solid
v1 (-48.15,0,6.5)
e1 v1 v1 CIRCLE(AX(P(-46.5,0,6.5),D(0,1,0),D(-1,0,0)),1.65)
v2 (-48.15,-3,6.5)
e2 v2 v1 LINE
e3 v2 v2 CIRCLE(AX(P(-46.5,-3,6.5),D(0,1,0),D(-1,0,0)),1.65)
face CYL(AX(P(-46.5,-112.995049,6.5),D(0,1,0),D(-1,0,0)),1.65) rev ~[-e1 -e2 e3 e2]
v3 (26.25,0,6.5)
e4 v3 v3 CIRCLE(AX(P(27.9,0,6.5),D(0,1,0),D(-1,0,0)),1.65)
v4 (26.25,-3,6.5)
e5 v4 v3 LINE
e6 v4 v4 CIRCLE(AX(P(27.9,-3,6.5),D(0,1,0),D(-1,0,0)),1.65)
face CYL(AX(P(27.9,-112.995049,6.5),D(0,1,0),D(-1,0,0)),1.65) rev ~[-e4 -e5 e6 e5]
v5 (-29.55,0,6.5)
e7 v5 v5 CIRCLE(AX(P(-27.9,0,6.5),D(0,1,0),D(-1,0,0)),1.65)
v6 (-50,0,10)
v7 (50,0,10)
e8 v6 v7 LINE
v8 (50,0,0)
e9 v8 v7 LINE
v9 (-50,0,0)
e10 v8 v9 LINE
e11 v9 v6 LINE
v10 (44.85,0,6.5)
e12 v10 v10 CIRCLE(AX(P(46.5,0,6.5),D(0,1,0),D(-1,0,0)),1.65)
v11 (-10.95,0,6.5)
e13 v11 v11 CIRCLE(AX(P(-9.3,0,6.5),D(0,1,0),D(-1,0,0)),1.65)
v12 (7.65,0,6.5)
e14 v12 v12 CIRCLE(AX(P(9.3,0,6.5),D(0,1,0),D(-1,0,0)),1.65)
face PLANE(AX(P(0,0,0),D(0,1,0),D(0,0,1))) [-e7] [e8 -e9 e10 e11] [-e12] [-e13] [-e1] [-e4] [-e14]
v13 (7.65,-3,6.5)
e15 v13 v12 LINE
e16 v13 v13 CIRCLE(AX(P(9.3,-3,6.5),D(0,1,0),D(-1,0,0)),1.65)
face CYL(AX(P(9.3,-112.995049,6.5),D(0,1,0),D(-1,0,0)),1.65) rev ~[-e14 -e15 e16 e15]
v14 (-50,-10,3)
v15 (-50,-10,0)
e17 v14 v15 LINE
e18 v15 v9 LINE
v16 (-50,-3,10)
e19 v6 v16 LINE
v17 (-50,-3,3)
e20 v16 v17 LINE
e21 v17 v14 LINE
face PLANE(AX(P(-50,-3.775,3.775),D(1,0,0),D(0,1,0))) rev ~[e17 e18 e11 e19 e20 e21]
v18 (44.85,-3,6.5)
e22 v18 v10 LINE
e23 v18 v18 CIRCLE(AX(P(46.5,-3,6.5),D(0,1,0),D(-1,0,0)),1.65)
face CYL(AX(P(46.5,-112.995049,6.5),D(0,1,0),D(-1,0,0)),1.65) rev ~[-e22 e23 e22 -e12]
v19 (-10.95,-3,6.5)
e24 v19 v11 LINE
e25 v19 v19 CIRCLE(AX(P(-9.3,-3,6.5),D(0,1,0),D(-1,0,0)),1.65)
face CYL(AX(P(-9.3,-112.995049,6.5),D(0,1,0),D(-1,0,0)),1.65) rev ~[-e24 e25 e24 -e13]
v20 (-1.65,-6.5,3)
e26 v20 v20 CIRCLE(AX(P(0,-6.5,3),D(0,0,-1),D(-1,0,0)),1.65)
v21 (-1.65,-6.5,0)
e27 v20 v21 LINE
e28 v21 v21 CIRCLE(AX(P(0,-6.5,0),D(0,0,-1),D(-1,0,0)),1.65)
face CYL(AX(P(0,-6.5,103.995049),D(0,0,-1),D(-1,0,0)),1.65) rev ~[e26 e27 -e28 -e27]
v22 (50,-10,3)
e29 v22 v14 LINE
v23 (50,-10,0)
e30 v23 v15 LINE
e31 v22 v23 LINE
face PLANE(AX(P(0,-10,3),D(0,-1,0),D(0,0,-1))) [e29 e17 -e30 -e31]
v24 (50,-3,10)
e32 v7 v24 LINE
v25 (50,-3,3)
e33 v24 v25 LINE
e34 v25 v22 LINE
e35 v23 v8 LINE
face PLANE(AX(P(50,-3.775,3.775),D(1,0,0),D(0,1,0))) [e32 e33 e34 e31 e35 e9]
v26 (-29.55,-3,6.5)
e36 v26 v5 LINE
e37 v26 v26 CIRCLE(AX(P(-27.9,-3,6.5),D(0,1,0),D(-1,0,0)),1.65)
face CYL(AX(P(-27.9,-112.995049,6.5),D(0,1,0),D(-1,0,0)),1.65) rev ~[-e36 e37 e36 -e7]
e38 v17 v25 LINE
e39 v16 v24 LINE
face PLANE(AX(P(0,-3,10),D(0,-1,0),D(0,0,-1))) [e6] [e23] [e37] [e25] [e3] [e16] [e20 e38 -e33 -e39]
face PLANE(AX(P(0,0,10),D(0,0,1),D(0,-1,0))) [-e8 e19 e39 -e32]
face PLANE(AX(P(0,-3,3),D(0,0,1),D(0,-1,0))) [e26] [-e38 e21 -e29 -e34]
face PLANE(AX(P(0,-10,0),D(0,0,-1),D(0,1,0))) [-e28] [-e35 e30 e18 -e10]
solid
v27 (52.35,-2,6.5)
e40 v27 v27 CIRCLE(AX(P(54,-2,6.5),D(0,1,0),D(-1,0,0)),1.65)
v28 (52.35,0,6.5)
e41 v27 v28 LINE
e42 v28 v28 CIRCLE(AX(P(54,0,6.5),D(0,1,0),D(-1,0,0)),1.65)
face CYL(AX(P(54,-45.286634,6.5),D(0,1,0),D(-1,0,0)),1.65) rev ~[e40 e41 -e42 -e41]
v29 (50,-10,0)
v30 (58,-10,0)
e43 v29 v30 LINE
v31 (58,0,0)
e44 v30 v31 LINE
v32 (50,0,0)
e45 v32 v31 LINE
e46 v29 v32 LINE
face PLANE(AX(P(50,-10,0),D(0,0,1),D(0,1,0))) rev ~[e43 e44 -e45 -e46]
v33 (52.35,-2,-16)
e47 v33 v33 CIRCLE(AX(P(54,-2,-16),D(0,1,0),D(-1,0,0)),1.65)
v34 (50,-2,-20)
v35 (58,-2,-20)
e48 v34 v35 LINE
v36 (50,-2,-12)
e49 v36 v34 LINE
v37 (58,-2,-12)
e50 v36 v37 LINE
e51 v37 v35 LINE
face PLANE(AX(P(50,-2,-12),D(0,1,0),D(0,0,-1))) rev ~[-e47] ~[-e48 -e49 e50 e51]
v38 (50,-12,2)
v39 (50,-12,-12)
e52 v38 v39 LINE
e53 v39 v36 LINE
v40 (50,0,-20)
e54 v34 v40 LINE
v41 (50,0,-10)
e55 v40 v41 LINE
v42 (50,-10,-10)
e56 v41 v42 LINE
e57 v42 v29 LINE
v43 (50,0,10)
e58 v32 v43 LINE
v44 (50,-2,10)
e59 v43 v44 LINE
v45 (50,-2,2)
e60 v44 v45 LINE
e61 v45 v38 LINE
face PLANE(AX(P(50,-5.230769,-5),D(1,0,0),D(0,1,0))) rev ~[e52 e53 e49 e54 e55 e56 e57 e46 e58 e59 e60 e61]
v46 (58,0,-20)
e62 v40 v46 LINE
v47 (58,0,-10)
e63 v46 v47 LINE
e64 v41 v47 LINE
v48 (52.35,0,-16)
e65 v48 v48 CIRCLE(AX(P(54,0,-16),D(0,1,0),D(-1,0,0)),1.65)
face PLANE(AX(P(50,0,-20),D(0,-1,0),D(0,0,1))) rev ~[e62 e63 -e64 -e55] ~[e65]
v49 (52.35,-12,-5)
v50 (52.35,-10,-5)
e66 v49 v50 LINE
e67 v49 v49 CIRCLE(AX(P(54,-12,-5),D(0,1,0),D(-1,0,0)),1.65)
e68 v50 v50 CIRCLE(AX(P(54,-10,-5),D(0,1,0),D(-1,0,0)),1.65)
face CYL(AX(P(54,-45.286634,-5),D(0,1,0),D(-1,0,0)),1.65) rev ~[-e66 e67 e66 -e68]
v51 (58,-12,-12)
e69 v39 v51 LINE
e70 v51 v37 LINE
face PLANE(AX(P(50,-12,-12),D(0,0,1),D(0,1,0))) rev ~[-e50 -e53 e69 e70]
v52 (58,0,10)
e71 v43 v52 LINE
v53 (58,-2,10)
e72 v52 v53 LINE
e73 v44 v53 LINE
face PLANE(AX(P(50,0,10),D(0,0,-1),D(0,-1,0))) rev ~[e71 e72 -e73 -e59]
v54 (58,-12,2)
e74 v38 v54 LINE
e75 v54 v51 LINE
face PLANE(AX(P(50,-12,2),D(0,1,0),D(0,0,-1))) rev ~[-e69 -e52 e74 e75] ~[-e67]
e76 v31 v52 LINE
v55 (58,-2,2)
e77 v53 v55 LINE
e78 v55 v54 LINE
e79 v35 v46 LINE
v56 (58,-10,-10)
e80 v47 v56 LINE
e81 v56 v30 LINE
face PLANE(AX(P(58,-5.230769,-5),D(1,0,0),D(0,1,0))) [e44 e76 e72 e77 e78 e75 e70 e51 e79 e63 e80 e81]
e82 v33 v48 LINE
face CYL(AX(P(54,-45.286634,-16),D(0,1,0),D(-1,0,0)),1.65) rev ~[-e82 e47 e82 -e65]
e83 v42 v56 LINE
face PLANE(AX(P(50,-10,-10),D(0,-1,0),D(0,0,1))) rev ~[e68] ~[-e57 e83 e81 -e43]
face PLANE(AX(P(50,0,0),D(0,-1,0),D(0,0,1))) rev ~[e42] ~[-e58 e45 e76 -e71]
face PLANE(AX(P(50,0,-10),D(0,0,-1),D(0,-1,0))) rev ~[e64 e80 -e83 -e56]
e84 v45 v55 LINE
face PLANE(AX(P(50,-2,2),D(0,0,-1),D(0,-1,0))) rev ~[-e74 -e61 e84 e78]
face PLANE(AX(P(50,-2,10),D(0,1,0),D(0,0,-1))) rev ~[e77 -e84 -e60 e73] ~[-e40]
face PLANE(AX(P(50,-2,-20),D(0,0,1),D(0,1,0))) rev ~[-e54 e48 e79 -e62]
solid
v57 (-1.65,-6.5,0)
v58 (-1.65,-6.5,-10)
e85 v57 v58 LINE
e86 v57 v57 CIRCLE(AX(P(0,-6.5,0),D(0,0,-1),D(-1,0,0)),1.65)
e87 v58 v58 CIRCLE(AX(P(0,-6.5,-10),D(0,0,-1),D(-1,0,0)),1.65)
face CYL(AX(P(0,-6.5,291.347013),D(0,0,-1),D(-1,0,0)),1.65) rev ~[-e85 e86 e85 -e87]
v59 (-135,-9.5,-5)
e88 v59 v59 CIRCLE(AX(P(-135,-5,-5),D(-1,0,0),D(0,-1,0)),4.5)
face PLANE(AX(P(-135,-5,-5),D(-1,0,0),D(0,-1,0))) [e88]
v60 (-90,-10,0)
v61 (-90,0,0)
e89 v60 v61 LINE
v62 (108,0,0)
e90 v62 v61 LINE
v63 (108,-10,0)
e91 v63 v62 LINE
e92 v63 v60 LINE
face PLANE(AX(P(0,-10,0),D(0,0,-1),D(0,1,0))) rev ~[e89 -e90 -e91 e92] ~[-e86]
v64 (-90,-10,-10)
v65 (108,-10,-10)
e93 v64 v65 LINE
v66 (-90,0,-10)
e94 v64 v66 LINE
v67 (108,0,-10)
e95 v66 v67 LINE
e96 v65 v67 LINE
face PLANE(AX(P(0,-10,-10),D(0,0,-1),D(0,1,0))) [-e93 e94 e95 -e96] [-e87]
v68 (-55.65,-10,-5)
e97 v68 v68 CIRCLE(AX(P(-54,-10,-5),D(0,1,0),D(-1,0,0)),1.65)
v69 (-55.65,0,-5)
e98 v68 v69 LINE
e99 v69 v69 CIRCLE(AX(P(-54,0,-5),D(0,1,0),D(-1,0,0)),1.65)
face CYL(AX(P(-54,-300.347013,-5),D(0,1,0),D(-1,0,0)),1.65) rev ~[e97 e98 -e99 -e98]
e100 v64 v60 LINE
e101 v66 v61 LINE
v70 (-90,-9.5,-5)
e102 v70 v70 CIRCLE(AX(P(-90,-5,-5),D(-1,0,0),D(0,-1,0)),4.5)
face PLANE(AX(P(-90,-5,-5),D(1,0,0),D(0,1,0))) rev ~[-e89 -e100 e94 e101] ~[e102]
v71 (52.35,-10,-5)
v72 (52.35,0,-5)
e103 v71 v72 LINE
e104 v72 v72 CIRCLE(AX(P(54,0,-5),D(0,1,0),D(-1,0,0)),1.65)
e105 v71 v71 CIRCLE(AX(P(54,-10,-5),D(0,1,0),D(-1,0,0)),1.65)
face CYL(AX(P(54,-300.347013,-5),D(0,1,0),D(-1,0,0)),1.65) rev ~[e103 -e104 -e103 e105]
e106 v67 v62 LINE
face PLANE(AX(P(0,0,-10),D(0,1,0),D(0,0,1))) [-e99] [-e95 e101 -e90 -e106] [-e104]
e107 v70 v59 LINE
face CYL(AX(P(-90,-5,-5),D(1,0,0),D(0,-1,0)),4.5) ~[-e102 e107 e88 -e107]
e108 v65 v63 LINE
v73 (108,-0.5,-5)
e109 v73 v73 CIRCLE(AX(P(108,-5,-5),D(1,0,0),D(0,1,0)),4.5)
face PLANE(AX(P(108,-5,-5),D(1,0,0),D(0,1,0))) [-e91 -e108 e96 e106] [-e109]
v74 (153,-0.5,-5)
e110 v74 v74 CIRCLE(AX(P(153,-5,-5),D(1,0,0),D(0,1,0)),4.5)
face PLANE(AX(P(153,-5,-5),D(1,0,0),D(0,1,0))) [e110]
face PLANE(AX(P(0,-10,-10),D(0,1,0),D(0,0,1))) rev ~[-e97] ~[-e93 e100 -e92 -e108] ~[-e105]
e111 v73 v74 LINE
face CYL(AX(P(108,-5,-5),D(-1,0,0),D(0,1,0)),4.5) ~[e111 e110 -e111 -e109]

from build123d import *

# Parameters (mm, degrees)
F1_DEPTH       = 50
F1_DEPTH_BACK  = 50
F2_W           = 10
F2_H           = 10
F3_DEPTH       = 108
F3_DEPTH_BACK  = 90
F4_R           = 4.5
F5_DEPTH       = 45
F6_R           = 4.5
F7_DEPTH       = 45
F9_DEPTH       = 8
F13_D          = 3.3
F13_2_D        = 3.3
F13_3_D        = 3.3
F13_ON_F12_D   = 3.3
F13_ON_F12_2_D = 3.3


with BuildPart() as f1:
    # F0 (on Right) → F1 (new body, two sides)
    with BuildSketch(Plane.YZ) as f1_sk:
        Polygon((0, 0), (0, 10), (-3, 10), (-3, 3), (-10, 3), (-10, 0), align=None)
    extrude(amount=F1_DEPTH)
    extrude(f1_sk.sketch, amount=-F1_DEPTH_BACK)

    # F13 (through all)
    with Locations(Plane.XZ.offset(12)):
        with Locations((-46.5, 6.5), (-27.9, 6.5), (-9.3, 6.5), (9.3, 6.5), (27.9, 6.5), (46.5, 6.5), (54, 6.5), (54, -5), (54, -16), (-54, -5)):
            Hole(F13_D / 2)

    # F13 on F12 (through all)
    with Locations(Plane.XY.offset(3)):
        with Locations((0, -6.5)):
            Hole(F13_ON_F12_D / 2)


with BuildPart() as f3:
    # F2 (on Right) → F3 (new body, two sides)
    with BuildSketch(Plane.YZ) as f3_sk:
        with Locations((-5, -5)):
            Rectangle(F2_W, F2_H)
    extrude(amount=F3_DEPTH)
    extrude(f3_sk.sketch, amount=-F3_DEPTH_BACK)

    # F4 (on face) → F5 (join)
    with BuildSketch(Plane.YZ.offset(108)):
        with Locations((-5, -5)):
            Circle(F4_R)
    extrude(amount=F5_DEPTH)

    # F6 (on face) → F7 (join)
    with BuildSketch(Plane(origin=(-90, 0, 0), x_dir=(0, -1, 0), z_dir=(-1, 0, 0))):
        with Locations((5, -5)):
            Circle(F6_R)
    extrude(amount=F7_DEPTH)

    # F13#2 (through all)
    with Locations(Plane.XZ.offset(12)):
        with Locations((-46.5, 6.5), (-27.9, 6.5), (-9.3, 6.5), (9.3, 6.5), (27.9, 6.5), (46.5, 6.5), (54, 6.5), (54, -5), (54, -16), (-54, -5)):
            Hole(F13_2_D / 2)

    # F13 on F12#2 (through all)
    with Locations(Plane.XY.offset(3)):
        with Locations((0, -6.5)):
            Hole(F13_ON_F12_2_D / 2)


with BuildPart() as f9:
    # F8 (on Right) → F9 (new body)
    with BuildSketch(Plane.YZ):
        Polygon((0, 0), (0, 10), (-2, 10), (-2, 2), (-12, 2), (-12, -5), (-12, -12), (-2, -12), (-2, -20), (0, -20), (0, -10), (-10, -10), (-10, -5), (-10, 0), align=None)
    extrude(amount=F9_DEPTH)


with BuildPart() as f9_1:
    # F10: moved
    add(f9.part.moved(Location((50, 0, 0))))

    # F13#3 (through all)
    with Locations(Plane.XZ.offset(12)):
        with Locations((-46.5, 6.5), (-27.9, 6.5), (-9.3, 6.5), (9.3, 6.5), (27.9, 6.5), (46.5, 6.5), (54, 6.5), (54, -5), (54, -16), (-54, -5)):
            Hole(F13_3_D / 2)


solid = Compound([f1.part, f3.part, f9_1.part])
